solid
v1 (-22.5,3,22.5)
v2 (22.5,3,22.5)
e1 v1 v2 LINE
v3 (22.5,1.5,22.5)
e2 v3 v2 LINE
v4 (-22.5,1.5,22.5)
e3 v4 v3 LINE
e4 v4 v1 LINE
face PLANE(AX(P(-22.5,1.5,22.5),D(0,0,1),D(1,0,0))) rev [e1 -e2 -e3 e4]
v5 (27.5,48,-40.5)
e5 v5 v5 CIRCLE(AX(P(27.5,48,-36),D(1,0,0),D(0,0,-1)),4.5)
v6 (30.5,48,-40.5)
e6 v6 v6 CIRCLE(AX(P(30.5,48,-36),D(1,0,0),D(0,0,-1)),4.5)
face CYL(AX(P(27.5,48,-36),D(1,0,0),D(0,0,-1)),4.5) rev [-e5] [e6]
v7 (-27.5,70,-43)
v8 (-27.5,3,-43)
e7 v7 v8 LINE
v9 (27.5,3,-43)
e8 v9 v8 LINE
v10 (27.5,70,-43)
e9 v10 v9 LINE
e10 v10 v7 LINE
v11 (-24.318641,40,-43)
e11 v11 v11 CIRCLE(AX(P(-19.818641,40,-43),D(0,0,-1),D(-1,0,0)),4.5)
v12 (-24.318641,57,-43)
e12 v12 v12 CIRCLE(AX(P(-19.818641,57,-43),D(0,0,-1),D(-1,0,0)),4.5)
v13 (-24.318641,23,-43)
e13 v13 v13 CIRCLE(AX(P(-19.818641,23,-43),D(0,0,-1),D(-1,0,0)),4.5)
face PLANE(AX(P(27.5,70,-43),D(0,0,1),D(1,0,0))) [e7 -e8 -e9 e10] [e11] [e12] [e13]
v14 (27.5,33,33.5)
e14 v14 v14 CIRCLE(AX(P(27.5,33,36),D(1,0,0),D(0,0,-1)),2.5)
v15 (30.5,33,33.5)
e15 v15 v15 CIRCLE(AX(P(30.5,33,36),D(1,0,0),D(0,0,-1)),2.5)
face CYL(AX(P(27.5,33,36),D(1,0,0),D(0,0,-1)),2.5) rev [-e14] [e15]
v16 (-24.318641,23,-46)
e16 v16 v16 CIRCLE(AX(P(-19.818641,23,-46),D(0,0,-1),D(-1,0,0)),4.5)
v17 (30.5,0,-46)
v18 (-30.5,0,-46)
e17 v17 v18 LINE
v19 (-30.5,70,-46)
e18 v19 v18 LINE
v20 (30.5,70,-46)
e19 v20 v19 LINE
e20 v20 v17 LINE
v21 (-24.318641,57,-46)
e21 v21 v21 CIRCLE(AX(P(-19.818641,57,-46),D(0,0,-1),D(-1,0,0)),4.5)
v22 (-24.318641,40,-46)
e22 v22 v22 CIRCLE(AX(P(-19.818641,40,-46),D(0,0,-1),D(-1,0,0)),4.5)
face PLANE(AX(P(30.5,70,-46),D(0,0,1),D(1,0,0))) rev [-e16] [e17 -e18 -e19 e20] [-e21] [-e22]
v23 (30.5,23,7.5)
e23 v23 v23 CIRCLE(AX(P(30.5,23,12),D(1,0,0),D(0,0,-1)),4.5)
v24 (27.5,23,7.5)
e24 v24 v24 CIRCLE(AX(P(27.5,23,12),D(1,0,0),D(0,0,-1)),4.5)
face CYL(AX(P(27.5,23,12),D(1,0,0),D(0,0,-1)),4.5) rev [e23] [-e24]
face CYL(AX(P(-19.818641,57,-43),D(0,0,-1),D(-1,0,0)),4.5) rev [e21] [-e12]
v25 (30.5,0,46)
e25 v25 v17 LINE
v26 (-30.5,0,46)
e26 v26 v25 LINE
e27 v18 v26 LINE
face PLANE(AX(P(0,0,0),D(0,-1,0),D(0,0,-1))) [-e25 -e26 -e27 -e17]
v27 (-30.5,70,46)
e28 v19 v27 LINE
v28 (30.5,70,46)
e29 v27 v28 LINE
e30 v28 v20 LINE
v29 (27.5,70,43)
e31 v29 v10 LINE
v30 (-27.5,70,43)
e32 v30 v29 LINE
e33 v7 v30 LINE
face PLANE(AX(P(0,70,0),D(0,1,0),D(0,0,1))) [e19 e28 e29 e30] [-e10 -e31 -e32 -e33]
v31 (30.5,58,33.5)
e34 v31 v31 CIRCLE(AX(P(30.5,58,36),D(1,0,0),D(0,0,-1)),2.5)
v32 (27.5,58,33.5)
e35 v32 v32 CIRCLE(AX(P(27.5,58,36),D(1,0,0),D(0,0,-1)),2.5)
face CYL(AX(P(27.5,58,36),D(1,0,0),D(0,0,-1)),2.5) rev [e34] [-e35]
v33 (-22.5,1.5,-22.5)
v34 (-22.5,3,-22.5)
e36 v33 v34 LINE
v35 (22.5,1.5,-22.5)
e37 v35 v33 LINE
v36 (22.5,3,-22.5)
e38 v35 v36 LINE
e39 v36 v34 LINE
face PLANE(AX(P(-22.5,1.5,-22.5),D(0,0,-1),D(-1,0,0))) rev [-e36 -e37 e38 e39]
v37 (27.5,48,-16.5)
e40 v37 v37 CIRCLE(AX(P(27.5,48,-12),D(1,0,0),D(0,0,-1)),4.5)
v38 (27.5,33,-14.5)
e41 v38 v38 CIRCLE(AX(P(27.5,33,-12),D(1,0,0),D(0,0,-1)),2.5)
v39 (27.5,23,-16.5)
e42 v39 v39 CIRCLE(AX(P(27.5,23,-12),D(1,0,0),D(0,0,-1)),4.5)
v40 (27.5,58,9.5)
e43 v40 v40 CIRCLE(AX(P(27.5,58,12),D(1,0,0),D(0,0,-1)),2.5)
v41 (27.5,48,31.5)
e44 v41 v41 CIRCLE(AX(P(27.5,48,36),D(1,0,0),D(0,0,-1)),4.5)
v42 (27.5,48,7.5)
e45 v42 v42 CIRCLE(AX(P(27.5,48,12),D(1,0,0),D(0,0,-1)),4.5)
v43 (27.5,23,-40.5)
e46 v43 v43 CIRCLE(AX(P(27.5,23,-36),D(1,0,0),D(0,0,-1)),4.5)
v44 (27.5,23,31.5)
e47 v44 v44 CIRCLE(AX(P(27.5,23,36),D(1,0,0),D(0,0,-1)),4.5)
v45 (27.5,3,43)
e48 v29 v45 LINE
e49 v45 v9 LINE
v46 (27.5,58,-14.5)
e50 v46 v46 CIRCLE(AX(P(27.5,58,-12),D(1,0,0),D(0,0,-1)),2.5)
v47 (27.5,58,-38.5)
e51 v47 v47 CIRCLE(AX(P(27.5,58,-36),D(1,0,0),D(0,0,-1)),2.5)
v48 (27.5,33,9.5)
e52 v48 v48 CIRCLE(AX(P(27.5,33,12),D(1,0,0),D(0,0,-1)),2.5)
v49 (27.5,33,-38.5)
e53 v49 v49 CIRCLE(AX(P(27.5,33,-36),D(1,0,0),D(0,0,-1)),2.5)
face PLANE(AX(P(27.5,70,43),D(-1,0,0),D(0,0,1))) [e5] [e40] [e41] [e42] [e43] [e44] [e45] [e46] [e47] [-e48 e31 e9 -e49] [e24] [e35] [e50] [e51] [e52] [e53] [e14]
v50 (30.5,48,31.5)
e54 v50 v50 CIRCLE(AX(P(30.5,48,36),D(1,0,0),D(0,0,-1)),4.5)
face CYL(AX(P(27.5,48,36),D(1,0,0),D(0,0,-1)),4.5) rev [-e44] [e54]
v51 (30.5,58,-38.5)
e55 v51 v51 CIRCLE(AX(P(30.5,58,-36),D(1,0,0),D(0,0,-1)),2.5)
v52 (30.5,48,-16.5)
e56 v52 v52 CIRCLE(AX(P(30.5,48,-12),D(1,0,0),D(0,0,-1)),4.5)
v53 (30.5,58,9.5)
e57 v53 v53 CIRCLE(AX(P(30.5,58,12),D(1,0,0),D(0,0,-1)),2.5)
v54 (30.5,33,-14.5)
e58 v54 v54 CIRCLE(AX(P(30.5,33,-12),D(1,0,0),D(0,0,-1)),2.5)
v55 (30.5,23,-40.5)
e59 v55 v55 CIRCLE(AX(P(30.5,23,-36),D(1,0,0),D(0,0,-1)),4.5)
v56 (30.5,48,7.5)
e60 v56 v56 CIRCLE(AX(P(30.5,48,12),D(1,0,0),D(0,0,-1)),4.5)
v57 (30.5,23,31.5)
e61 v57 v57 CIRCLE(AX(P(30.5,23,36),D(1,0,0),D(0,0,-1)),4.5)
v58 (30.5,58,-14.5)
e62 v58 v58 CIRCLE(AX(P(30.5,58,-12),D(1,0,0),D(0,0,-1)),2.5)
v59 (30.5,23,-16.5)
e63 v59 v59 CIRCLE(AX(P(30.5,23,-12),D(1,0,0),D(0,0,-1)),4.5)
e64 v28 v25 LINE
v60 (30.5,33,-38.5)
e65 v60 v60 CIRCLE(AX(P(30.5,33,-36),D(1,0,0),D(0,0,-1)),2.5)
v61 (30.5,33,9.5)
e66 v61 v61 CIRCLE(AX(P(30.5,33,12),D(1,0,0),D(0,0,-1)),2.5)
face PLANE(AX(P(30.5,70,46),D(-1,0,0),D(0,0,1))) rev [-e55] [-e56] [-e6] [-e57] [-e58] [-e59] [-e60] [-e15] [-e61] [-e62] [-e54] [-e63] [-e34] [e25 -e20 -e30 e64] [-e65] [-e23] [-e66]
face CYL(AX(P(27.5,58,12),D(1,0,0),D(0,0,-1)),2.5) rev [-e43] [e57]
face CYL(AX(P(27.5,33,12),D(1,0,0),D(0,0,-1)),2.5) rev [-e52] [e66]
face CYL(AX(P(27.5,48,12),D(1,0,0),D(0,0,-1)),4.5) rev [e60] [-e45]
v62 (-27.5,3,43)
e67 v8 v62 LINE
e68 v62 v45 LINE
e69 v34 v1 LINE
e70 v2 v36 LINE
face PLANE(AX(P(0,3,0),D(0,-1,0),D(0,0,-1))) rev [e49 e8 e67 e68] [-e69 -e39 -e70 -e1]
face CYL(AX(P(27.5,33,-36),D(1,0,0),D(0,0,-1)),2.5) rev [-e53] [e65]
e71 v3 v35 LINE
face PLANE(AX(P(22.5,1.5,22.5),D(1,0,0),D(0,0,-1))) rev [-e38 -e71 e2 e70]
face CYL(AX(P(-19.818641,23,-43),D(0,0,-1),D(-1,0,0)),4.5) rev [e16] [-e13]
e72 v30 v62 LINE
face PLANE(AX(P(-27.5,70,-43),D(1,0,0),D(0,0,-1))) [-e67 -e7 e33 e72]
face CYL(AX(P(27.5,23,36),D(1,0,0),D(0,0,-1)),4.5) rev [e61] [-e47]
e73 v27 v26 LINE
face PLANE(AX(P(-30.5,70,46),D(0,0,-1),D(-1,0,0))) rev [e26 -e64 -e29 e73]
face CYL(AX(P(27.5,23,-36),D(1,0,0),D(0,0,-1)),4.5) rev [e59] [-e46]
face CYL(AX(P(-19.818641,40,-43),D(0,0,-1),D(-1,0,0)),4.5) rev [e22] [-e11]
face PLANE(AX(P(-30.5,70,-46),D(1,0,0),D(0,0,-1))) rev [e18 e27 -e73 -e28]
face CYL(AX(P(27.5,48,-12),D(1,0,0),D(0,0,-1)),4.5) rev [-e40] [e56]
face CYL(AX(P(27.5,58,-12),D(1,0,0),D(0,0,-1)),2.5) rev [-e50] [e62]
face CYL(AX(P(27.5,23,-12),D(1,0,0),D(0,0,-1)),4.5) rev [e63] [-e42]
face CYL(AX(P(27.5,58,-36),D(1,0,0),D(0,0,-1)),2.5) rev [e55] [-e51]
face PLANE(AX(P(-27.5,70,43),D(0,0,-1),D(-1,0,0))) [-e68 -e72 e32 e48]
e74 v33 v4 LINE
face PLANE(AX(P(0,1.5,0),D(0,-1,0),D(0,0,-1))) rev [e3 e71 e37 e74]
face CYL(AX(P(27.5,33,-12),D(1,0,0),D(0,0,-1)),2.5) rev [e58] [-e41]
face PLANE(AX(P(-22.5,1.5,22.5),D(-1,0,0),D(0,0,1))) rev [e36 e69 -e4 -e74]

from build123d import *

# Parameters (mm, degrees)
SKETCH1_W           = 55
SKETCH1_H           = 86
BOSS_EXTRUDE1_DEPTH = 3
SKETCH2_W           = 45
SKETCH2_H           = 45
CUT_EXTRUDE1_DEPTH  = 1.5
SKETCH3_W           = 61
SKETCH3_H           = 92
SKETCH3_W_2         = 55
SKETCH3_H_2         = 86
BOSS_EXTRUDE2_DEPTH = 70
SKETCH4_R           = 4.5
SKETCH4_R_2         = 2.5
CUT_EXTRUDE2_DEPTH  = 3
SKETCH5_R           = 4.5
CUT_EXTRUDE3_DEPTH  = 3


with BuildPart() as part:
    # Sketch1 → Boss-Extrude1 (new body)
    with BuildSketch(Plane(origin=(0, 0, 0), x_dir=(1, 0, 0), z_dir=(0, 1, 0))):
        Rectangle(SKETCH1_W, SKETCH1_H)
    extrude(amount=BOSS_EXTRUDE1_DEPTH)

    # Sketch2 → Cut-Extrude1 (cut)
    with BuildSketch(Plane(origin=(0, 3, 0), x_dir=(1, 0, 0), z_dir=(0, 1, 0))):
        Rectangle(SKETCH2_W, SKETCH2_H)
    extrude(amount=-CUT_EXTRUDE1_DEPTH, mode=Mode.SUBTRACT)

    # Sketch3 → Boss-Extrude2 (add)
    with BuildSketch(Plane(origin=(0, 0, 0), x_dir=(1, 0, 0), z_dir=(0, 1, 0))):
        Rectangle(SKETCH3_W, SKETCH3_H)
        Rectangle(SKETCH3_W_2, SKETCH3_H_2, mode=Mode.SUBTRACT)
    extrude(amount=BOSS_EXTRUDE2_DEPTH)

    # Sketch4 → Cut-Extrude2 (cut)
    with BuildSketch(Plane(origin=(30.5, 0, 0), x_dir=(0, 0, -1), z_dir=(1, 0, 0))):
        with Locations((-36, 48)):
            Circle(SKETCH4_R)
        with Locations((-12, 48)):
            Circle(SKETCH4_R)
        with Locations((12, 48)):
            Circle(SKETCH4_R)
        with Locations((36, 48)):
            Circle(SKETCH4_R)
        with Locations((36, 23)):
            Circle(SKETCH4_R)
        with Locations((12, 23)):
            Circle(SKETCH4_R)
        with Locations((-12, 23)):
            Circle(SKETCH4_R)
        with Locations((-36, 23)):
            Circle(SKETCH4_R)
        with Locations((-36, 33)):
            Circle(SKETCH4_R_2)
        with Locations((-12, 33)):
            Circle(SKETCH4_R_2)
        with Locations((12, 33)):
            Circle(SKETCH4_R_2)
        with Locations((36, 33)):
            Circle(SKETCH4_R_2)
        with Locations((36, 58)):
            Circle(SKETCH4_R_2)
        with Locations((12, 58)):
            Circle(SKETCH4_R_2)
        with Locations((-12, 58)):
            Circle(SKETCH4_R_2)
        with Locations((-36, 58)):
            Circle(SKETCH4_R_2)
    extrude(amount=-CUT_EXTRUDE2_DEPTH, mode=Mode.SUBTRACT)

    # Sketch5 → Cut-Extrude3 (cut)
    with BuildSketch(Plane(origin=(0, 0, -46), x_dir=(-1, 0, 0), z_dir=(0, 0, -1))):
        with Locations((19.818640834, 23)):
            Circle(SKETCH5_R)
        with Locations((19.818640834, 40)):
            Circle(SKETCH5_R)
        with Locations((19.818640834, 57)):
            Circle(SKETCH5_R)
    extrude(amount=-CUT_EXTRUDE3_DEPTH, mode=Mode.SUBTRACT)


solid = part.part
